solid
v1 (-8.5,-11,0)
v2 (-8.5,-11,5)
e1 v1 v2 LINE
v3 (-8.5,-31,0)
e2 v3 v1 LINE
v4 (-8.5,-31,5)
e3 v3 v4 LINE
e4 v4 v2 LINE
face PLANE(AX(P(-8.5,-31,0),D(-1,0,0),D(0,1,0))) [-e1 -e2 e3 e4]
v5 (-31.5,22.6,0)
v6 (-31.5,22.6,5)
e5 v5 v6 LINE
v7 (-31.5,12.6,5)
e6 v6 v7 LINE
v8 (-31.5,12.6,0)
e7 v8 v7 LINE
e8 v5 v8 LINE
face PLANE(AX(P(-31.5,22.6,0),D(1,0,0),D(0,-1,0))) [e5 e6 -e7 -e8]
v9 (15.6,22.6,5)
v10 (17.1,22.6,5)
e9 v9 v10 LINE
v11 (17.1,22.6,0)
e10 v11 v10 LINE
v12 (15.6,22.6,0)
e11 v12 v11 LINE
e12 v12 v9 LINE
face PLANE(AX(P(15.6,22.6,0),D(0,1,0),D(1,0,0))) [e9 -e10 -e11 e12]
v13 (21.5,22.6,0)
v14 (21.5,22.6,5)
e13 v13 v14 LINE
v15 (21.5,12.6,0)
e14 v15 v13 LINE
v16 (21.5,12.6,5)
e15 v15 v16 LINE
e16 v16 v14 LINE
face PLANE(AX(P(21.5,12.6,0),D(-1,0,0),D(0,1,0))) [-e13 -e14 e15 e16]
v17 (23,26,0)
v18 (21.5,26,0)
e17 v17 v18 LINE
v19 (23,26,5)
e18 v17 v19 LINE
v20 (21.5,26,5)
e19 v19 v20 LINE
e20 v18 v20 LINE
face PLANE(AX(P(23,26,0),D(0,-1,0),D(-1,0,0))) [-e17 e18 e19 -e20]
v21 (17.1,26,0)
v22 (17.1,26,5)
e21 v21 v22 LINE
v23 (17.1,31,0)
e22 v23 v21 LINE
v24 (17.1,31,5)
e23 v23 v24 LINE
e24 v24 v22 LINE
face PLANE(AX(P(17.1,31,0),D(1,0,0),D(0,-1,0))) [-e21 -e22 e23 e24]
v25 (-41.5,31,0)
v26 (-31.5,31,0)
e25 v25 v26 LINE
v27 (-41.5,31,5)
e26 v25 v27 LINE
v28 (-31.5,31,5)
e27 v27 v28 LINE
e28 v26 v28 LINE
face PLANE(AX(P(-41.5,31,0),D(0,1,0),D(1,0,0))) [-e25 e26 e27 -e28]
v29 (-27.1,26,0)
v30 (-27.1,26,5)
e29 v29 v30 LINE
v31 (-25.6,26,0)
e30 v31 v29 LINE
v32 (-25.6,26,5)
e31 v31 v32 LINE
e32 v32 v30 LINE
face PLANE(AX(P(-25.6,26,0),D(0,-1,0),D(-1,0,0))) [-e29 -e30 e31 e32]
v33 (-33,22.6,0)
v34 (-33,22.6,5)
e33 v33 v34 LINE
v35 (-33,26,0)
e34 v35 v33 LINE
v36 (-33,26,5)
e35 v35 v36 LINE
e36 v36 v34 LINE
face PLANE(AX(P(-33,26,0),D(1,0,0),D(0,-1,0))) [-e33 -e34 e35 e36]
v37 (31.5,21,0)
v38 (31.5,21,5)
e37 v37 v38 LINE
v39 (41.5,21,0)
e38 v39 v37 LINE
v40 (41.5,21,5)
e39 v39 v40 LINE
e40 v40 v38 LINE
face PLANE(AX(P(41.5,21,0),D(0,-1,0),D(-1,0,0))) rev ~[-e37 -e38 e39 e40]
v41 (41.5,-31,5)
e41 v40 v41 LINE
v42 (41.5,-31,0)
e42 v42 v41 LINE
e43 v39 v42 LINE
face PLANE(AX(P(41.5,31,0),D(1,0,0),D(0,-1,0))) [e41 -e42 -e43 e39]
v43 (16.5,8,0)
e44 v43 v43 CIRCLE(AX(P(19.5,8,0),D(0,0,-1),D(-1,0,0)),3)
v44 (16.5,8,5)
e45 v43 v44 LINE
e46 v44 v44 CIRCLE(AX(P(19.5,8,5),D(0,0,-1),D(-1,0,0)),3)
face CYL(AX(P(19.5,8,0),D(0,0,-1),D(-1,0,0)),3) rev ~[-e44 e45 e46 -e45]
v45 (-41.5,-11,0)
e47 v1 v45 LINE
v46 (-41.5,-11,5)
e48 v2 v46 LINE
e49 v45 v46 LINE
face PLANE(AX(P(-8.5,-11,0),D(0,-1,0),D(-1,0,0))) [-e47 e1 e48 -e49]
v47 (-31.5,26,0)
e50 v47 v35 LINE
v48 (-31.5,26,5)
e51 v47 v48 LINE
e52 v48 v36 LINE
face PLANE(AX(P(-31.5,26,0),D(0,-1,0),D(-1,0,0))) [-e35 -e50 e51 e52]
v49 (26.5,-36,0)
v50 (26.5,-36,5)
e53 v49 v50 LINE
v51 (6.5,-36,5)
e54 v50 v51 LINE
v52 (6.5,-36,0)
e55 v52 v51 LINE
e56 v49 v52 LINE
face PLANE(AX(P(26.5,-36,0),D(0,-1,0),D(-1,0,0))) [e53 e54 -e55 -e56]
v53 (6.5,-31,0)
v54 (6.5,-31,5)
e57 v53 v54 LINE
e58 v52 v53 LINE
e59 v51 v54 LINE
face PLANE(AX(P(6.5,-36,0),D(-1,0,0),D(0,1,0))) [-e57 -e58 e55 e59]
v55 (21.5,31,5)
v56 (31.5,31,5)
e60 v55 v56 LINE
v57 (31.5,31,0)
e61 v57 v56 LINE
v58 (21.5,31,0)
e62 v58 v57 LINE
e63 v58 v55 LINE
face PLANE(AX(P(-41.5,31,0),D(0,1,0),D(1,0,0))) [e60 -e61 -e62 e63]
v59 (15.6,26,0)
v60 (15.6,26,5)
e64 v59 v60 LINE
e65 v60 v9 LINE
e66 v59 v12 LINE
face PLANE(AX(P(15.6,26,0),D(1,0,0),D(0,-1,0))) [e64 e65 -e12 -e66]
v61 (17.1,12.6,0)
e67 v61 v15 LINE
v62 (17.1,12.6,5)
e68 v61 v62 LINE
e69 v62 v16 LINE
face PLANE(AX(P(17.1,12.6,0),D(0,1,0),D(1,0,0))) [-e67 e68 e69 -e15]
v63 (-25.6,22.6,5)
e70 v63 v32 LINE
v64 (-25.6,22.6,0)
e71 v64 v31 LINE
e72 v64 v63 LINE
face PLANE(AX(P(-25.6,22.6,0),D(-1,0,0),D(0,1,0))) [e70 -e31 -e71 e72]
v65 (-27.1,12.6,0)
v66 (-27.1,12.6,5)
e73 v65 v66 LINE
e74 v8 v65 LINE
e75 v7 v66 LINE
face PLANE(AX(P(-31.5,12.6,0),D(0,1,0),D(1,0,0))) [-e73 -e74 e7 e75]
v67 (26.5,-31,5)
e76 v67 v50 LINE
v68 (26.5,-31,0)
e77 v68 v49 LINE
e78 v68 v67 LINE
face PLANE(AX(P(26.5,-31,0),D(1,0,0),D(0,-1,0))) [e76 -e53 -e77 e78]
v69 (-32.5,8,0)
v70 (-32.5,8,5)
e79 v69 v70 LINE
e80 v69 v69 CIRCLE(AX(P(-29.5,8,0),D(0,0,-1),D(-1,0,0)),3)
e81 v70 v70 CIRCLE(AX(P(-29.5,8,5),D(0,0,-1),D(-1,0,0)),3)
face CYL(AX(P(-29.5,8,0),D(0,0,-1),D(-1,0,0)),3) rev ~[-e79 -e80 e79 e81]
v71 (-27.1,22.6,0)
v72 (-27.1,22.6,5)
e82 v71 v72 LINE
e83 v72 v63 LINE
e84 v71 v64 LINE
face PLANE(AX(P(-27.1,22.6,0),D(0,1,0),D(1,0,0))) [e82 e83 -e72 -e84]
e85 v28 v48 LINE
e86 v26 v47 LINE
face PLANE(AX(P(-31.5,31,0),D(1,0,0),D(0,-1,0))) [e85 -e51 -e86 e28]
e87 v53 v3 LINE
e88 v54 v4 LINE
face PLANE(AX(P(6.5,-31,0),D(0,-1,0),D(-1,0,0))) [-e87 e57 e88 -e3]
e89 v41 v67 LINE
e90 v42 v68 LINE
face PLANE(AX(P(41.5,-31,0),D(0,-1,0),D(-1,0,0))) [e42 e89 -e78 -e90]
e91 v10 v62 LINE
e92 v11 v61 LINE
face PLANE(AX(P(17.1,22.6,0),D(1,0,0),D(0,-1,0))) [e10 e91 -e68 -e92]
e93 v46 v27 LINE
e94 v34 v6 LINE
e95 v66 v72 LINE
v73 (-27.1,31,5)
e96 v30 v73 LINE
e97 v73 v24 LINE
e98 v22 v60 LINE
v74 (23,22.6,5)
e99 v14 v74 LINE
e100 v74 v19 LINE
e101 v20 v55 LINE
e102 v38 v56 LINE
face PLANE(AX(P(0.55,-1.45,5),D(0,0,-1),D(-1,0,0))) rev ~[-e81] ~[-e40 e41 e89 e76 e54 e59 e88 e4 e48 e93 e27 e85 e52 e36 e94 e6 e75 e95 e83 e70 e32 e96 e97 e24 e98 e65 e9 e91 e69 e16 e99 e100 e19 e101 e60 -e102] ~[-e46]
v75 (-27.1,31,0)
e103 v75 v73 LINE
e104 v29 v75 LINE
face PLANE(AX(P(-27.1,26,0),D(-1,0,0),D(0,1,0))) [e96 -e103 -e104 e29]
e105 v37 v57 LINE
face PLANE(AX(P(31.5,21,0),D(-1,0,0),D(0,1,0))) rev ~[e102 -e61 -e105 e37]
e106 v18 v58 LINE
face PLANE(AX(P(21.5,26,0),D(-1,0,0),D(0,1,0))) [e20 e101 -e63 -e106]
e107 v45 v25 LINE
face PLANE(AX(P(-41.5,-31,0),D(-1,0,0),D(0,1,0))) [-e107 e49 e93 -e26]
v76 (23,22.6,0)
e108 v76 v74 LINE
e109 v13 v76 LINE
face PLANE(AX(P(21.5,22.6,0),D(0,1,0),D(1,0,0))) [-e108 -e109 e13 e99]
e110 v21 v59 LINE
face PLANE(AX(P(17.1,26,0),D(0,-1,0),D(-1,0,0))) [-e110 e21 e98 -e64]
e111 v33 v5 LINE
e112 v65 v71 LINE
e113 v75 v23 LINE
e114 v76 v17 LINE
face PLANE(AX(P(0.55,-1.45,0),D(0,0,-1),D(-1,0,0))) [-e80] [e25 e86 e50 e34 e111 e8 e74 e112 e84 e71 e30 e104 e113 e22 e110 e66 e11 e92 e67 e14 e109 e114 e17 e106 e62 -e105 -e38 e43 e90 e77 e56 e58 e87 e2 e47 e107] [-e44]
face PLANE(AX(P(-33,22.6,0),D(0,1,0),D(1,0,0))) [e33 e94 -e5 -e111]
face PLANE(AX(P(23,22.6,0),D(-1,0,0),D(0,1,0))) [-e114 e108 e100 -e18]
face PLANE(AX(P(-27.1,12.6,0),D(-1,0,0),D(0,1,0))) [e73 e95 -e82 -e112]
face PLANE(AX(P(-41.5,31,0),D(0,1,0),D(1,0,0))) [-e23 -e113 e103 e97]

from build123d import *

# Parameters (mm, degrees)
BOSS_EXTRUDE1_DEPTH = 5
SKETCH2_W           = 33
SKETCH2_H           = 20
SKETCH2_W_2         = 10
SKETCH2_H_2         = 10
CUT_EXTRUDE1_DEPTH  = 5
CUT_EXTRUDE2_DEPTH  = 10
SKETCH4_R           = 3
CUT_EXTRUDE3_DEPTH  = 10


with BuildPart() as part:
    # Sketch1 → Boss-Extrude1 (new body)
    with BuildSketch(Plane.XY):
        Polygon((26.5, -31), (26.5, -36), (6.5, -36), (6.5, -31), (-41.5, -31), (-41.5, 31), (41.5, 31), (41.5, -31), align=None)
    extrude(amount=BOSS_EXTRUDE1_DEPTH)

    # Sketch2 → Cut-Extrude1 (cut)
    with BuildSketch(Plane(origin=(0, 0, 0), x_dir=(-1, 0, 0), z_dir=(0, 0, -1))):
        with Locations((25, -21)):
            Rectangle(SKETCH2_W, SKETCH2_H)
        with Locations((-36.5, 26)):
            Rectangle(SKETCH2_W_2, SKETCH2_H_2)
    extrude(amount=-CUT_EXTRUDE1_DEPTH, mode=Mode.SUBTRACT)

    # Sketch3 → Cut-Extrude2 (cut)
    with BuildSketch(Plane(origin=(0, 0, 0), x_dir=(-1, 0, 0), z_dir=(0, 0, -1))):
        Polygon((31.5, 22.6), (31.5, 12.6), (27.1, 12.6), (27.1, 22.6), (25.6, 22.6), (25.6, 26), (27.1, 26), (27.1, 31), (31.5, 31), (31.5, 26), (33, 26), (33, 22.6), align=None)
        Polygon((-17.1, 22.6), (-17.1, 12.6), (-21.5, 12.6), (-21.5, 22.6), (-23, 22.6), (-23, 26), (-21.5, 26), (-21.5, 31), (-17.1, 31), (-17.1, 26), (-15.6, 26), (-15.6, 22.6), align=None)
    extrude(amount=-CUT_EXTRUDE2_DEPTH, mode=Mode.SUBTRACT)

    # Sketch4 → Cut-Extrude3 (cut)
    with BuildSketch(Plane(origin=(0, 0, 0), x_dir=(-1, 0, 0), z_dir=(0, 0, -1))):
        with Locations((29.5, 8)):
            Circle(SKETCH4_R)
        with Locations((-19.5, 8)):
            Circle(SKETCH4_R)
    extrude(amount=-CUT_EXTRUDE3_DEPTH, mode=Mode.SUBTRACT)


solid = part.part
